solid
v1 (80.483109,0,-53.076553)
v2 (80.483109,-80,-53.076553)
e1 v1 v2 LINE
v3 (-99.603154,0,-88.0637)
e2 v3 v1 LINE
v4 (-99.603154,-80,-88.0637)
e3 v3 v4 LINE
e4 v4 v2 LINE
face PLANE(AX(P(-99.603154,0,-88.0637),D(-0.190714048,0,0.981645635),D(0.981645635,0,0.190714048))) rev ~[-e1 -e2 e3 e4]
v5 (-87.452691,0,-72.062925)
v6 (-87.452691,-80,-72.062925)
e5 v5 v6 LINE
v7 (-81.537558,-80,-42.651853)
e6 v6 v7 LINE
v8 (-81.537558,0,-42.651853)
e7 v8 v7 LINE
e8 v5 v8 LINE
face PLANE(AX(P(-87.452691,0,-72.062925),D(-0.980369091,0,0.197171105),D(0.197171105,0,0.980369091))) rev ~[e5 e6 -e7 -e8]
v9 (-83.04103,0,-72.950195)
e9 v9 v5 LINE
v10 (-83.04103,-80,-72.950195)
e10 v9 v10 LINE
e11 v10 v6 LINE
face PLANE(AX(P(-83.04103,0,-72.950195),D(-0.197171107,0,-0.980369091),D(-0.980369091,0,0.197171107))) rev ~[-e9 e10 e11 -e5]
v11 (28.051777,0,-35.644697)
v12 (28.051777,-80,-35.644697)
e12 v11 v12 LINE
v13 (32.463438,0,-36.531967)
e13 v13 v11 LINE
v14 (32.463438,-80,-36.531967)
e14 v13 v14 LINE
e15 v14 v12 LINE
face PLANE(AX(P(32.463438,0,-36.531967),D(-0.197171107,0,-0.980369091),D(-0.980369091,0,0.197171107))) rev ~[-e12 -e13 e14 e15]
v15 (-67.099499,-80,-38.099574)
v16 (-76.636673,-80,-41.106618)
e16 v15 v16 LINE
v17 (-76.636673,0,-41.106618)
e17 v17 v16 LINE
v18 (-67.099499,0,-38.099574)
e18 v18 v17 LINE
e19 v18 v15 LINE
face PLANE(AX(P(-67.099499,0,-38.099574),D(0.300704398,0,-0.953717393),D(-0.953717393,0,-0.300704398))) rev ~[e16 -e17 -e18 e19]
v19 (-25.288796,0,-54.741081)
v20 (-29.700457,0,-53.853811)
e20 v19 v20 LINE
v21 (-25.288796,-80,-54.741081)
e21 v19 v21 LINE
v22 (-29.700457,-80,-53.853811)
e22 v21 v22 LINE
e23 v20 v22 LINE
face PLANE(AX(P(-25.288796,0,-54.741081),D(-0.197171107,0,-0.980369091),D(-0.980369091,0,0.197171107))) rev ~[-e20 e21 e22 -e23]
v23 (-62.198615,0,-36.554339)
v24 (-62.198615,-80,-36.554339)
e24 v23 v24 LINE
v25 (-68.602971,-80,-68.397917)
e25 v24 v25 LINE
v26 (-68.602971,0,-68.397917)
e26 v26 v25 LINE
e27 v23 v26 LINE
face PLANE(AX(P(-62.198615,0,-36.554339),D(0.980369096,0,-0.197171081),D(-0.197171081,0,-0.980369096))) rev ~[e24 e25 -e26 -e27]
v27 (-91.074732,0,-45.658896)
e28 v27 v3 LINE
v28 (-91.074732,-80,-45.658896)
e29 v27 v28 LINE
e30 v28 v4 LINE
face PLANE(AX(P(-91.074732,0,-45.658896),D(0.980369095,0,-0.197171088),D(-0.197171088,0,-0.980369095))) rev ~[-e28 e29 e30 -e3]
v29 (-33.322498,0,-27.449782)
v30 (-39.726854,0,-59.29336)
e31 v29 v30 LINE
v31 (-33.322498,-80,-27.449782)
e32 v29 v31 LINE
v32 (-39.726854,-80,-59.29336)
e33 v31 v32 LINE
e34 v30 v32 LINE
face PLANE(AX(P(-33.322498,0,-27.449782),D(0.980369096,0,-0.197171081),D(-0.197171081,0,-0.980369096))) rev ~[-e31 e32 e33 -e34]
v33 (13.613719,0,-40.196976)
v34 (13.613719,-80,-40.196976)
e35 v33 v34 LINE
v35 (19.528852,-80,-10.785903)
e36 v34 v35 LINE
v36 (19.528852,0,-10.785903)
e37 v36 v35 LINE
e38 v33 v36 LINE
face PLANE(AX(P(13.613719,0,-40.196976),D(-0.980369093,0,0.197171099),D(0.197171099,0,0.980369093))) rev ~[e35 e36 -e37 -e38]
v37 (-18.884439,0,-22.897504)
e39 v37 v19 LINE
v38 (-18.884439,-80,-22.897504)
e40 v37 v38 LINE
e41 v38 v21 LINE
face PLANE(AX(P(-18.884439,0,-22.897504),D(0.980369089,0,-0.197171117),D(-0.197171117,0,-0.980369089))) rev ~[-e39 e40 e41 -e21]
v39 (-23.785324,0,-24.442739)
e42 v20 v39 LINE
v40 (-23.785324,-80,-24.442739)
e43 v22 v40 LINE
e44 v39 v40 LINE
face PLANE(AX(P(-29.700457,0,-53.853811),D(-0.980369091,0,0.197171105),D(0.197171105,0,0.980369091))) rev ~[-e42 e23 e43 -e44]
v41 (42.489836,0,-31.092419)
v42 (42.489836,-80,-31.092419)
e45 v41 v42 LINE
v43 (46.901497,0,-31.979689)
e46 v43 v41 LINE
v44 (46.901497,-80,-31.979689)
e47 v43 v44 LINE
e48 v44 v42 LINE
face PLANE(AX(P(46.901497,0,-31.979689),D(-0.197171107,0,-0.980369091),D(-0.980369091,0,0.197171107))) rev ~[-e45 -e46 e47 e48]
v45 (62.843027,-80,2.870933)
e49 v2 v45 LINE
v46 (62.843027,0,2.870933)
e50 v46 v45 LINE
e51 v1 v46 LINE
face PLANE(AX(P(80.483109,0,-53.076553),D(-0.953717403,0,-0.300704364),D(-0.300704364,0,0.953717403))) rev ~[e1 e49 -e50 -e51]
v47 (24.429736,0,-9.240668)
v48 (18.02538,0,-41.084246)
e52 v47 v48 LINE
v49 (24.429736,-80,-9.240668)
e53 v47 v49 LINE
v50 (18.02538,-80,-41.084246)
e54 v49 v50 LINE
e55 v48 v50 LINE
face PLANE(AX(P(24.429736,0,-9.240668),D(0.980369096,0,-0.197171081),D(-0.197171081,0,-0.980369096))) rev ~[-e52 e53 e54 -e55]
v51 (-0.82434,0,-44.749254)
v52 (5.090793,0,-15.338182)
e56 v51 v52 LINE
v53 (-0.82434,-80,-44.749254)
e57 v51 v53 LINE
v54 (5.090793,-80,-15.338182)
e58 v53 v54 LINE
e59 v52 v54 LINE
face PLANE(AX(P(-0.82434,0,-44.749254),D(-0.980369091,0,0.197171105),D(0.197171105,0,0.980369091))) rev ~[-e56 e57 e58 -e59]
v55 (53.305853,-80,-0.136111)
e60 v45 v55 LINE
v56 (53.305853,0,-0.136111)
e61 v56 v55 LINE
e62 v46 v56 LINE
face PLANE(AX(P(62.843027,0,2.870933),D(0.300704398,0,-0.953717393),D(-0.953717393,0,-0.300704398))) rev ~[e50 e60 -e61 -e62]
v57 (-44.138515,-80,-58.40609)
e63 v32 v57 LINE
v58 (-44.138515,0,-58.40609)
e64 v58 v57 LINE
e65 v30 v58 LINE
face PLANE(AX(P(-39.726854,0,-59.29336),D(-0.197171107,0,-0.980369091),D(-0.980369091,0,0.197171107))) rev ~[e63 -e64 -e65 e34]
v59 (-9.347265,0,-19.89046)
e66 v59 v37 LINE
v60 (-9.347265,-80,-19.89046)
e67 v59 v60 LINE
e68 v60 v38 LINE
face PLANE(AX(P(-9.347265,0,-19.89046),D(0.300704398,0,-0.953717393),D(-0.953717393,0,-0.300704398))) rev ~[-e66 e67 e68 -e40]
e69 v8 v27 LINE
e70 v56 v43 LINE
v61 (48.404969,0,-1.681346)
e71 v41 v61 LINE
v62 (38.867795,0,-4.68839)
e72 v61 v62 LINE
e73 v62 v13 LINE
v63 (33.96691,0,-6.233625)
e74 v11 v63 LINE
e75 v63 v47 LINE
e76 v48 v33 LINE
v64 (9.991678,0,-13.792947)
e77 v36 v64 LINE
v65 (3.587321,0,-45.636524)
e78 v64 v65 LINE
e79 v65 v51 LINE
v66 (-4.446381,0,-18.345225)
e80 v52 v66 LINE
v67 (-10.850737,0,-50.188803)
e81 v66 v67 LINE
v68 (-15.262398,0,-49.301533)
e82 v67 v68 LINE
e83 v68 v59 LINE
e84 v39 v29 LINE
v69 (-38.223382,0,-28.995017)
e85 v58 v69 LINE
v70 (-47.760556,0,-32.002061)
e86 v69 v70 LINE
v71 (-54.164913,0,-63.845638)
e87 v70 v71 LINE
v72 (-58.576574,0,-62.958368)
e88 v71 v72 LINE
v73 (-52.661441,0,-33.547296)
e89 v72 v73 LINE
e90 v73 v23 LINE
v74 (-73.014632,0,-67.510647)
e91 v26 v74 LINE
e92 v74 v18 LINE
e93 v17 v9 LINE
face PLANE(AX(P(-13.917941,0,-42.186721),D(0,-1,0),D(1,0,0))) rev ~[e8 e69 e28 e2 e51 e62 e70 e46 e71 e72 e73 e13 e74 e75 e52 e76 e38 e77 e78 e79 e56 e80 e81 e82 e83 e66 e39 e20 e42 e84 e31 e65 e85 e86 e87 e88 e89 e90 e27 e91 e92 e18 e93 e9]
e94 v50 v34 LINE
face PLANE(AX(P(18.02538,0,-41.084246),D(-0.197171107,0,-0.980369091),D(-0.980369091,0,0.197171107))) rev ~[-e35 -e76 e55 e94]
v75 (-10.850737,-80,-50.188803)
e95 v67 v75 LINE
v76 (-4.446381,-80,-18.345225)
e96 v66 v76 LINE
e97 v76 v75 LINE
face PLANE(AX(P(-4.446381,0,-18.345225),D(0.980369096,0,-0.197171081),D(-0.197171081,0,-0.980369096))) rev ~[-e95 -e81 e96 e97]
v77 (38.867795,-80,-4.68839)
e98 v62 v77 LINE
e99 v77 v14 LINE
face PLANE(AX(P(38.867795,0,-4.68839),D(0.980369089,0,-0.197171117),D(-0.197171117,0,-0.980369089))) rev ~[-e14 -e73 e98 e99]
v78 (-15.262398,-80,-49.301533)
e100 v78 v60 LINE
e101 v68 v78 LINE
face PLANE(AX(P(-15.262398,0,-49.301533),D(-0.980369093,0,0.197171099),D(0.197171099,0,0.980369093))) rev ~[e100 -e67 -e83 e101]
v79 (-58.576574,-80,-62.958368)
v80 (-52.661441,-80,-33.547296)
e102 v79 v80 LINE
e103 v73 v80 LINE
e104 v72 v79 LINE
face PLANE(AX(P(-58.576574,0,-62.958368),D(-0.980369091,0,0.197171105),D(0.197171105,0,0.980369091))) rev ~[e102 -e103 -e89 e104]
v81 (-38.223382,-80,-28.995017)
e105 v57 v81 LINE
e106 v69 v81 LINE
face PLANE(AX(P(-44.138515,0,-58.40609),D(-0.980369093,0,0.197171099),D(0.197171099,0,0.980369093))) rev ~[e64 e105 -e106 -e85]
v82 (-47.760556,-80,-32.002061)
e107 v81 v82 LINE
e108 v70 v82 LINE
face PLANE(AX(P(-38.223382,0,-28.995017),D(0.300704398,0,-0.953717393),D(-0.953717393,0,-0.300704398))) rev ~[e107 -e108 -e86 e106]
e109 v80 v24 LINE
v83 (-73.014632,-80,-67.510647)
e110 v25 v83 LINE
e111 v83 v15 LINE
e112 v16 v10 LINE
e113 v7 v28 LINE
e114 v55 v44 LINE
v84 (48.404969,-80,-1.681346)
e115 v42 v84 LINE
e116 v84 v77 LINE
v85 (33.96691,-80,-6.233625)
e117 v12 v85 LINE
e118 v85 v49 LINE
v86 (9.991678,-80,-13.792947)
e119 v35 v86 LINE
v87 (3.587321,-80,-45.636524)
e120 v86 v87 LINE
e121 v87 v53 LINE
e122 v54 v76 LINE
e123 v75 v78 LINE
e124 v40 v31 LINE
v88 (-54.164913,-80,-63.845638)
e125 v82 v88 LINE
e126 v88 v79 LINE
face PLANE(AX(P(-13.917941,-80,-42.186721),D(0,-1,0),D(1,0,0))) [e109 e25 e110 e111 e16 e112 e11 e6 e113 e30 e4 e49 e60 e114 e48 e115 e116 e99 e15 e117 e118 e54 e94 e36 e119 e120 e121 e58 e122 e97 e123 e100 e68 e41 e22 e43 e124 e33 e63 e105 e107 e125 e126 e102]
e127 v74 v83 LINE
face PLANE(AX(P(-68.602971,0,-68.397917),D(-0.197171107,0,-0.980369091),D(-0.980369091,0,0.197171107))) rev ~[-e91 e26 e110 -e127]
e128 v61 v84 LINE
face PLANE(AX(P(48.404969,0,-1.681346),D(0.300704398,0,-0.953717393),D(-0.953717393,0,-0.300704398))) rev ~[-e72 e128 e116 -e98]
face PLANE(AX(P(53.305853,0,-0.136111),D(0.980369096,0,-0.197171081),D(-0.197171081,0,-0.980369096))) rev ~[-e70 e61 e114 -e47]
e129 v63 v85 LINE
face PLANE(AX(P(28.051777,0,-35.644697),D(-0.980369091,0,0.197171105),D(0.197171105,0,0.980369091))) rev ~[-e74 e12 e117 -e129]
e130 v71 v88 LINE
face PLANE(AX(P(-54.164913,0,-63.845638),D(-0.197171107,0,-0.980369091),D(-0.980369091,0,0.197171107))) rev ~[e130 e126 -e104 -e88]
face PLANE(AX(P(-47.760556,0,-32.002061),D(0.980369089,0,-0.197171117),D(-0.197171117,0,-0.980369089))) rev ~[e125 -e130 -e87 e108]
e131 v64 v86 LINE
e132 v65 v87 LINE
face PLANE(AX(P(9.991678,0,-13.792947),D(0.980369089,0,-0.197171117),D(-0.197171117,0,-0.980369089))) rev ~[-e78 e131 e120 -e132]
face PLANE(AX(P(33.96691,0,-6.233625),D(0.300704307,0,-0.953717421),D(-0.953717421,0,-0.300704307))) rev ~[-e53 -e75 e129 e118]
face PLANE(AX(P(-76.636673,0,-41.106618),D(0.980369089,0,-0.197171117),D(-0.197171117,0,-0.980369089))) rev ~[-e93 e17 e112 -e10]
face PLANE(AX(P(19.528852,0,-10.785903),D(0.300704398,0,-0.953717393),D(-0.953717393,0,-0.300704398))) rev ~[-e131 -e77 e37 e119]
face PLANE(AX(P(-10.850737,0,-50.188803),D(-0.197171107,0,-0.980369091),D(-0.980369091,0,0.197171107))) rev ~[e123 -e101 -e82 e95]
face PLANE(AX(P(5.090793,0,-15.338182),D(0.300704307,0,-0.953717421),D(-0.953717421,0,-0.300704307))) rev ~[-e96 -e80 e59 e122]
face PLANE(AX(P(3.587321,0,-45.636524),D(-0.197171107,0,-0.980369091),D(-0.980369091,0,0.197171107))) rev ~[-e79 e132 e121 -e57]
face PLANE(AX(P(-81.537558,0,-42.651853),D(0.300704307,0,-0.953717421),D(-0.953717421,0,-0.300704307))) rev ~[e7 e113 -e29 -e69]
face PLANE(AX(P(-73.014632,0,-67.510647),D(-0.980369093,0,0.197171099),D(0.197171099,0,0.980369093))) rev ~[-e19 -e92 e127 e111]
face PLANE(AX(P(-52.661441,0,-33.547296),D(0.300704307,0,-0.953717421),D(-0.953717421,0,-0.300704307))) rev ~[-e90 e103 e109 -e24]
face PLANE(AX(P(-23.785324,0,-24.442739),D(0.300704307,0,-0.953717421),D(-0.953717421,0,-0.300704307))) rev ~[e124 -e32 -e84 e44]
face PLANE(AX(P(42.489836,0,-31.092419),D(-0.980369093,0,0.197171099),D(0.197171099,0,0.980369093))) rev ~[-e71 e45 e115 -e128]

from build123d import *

# Parameters (mm, degrees)
F1_DEPTH = 80


with BuildPart() as f1:
    # F0 (on Front) → F1 (new body)
    with BuildSketch(Plane.XZ):
        Polygon((-91.074732, -45.658896), (-99.603154, -88.0637), (80.483109, -53.076553), (62.843027, 2.870933), (53.305853, -0.136111), (46.901497, -31.979689), (42.489836, -31.092419), (48.404969, -1.681346), (38.867795, -4.68839), (32.463438, -36.531967), (28.051777, -35.644697), (33.96691, -6.233625), (24.429736, -9.240668), (18.02538, -41.084246), (13.613719, -40.196976), (19.528852, -10.785903), (9.991678, -13.792947), (3.587321, -45.636524), (-0.82434, -44.749254), (5.090793, -15.338182), (-4.446381, -18.345225), (-10.850737, -50.188803), (-15.262398, -49.301533), (-9.347265, -19.89046), (-18.884439, -22.897504), (-25.288796, -54.741081), (-29.700457, -53.853811), (-23.785324, -24.442739), (-33.322498, -27.449782), (-39.726854, -59.29336), (-44.138515, -58.40609), (-38.223382, -28.995017), (-47.760556, -32.002061), (-54.164913, -63.845638), (-58.576574, -62.958368), (-52.661441, -33.547296), (-62.198615, -36.554339), (-68.602971, -68.397917), (-73.014632, -67.510647), (-67.099499, -38.099574), (-76.636673, -41.106618), (-83.04103, -72.950195), (-87.452691, -72.062925), (-81.537558, -42.651853), align=None)
    extrude(amount=F1_DEPTH)


solid = f1.part
